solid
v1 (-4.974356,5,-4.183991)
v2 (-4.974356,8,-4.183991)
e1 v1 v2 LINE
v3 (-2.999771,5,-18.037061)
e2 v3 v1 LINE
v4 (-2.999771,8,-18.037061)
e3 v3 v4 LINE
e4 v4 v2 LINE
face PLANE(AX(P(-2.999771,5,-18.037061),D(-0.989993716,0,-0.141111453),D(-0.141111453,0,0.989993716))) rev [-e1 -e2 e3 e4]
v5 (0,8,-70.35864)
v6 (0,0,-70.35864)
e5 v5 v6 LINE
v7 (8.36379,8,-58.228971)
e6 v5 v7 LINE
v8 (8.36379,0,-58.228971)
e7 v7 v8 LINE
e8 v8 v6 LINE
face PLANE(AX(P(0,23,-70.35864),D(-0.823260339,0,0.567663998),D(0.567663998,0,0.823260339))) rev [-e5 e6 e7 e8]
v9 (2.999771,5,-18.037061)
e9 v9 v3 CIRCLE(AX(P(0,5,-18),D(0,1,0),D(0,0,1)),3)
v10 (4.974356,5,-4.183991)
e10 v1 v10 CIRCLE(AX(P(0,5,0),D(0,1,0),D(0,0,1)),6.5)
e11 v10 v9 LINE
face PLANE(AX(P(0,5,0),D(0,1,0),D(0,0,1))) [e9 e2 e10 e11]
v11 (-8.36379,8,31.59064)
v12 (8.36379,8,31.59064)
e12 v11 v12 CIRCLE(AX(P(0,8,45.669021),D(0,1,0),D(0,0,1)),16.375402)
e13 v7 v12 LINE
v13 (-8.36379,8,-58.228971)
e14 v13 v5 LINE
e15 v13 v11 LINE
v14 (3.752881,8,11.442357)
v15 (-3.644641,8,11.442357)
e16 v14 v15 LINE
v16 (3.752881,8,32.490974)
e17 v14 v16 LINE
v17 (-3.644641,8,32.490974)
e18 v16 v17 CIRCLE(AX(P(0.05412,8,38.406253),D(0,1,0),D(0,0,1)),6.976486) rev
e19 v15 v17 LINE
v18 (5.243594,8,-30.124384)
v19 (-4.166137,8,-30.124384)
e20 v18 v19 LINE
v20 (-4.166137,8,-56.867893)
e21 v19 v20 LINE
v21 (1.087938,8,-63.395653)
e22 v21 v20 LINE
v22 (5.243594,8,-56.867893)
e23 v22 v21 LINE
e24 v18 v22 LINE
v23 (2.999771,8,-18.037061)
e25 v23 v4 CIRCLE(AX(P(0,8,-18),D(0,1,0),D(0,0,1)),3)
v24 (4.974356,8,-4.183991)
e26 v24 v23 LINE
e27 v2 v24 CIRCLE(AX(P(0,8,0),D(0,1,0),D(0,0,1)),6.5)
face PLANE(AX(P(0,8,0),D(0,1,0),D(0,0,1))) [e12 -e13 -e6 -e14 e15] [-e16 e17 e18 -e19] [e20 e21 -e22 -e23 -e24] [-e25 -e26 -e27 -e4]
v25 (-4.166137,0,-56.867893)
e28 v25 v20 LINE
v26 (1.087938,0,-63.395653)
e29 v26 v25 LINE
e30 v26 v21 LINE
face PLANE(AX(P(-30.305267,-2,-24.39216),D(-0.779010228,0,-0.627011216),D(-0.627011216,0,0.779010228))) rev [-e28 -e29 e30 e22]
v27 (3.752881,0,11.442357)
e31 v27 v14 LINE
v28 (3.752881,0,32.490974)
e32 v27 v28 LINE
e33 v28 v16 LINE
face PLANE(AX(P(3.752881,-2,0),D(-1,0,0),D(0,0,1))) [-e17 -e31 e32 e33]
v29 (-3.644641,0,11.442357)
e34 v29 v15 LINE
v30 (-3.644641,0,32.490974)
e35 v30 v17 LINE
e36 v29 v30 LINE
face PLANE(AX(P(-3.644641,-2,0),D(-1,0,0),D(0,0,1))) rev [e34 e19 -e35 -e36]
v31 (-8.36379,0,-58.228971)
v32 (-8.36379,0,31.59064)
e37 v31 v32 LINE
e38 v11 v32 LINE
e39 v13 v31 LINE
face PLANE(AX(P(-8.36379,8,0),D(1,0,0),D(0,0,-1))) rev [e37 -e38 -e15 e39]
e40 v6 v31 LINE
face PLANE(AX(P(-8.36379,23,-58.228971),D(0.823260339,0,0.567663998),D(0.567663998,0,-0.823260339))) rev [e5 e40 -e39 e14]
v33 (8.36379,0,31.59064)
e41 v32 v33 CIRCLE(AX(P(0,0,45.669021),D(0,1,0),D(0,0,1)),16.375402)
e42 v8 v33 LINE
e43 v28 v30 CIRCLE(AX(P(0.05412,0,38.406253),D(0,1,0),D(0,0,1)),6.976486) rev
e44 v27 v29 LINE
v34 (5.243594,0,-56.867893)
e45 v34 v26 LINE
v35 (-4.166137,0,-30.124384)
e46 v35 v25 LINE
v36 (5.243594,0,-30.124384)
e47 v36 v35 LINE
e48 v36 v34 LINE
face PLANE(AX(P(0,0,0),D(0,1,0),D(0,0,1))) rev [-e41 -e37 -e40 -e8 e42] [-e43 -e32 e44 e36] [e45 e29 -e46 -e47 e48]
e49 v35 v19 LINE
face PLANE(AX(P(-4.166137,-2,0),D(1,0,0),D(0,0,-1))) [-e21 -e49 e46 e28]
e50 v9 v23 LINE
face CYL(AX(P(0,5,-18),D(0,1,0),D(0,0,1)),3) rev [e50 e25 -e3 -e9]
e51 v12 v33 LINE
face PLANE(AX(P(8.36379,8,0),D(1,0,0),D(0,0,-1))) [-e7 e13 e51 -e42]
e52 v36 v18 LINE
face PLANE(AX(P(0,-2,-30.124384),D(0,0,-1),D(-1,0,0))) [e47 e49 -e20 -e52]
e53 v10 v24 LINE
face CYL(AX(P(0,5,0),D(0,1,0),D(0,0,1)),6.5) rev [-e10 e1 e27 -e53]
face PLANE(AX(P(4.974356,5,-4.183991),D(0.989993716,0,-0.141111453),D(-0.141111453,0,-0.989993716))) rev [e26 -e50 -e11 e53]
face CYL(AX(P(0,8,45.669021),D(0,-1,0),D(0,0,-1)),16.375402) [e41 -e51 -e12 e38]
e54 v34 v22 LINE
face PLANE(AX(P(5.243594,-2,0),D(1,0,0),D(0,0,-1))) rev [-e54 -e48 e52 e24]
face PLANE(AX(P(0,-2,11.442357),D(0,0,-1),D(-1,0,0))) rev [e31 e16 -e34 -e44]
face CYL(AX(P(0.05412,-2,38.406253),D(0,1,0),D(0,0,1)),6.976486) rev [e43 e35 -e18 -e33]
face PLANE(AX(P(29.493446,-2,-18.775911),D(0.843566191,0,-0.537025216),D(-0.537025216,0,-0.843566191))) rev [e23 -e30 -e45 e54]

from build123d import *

# Parameters (mm, degrees)
SKETCH2_R           = 16.37540157
SKETCH2_W           = 30
SKETCH2_H           = 50
SKETCH2_W_2         = 16.72757971
SKETCH2_H_2         = 91.338041812
BOSS_EXTRUDE1_DEPTH = 8
CUT_EXTRUDE1_DEPTH  = 3
SKETCH7_W           = 21
SKETCH7_H           = 41
SKETCH7_W_2         = 7
SKETCH7_H_2         = 18
CUT_EXTRUDE2_DEPTH  = 97.732382254
SKETCH8_W           = 42.713825064
SKETCH8_H           = 72.244370788
CUT_EXTRUDE3_DEPTH  = 97.732382254
SKETCH10_W          = 16.72757971
SKETCH10_H          = 8
BOSS_EXTRUDE3_DEPTH = 43
CUT_EXTRUDE4_DEPTH  = 23
SKETCH12_W          = 9.409731529
SKETCH12_H          = 26.743509799
SKETCH12_W_2        = 7.397521328
SKETCH12_H_2        = 21.048617388
CUT_EXTRUDE5_DEPTH  = 10


with BuildPart() as part:
    # Sketch2 → Boss-Extrude1 (new body)
    with BuildSketch(Plane(origin=(0, 0, 0), x_dir=(1, 0, 0), z_dir=(0, 1, 0))):
        with Locations((0, -45.669020906)):
            Circle(SKETCH2_R)
        with Locations((0, 70)):
            Rectangle(SKETCH2_W, SKETCH2_H)
        Rectangle(SKETCH2_W_2, SKETCH2_H_2)
    extrude(amount=BOSS_EXTRUDE1_DEPTH)

    # Sketch6 → Cut-Extrude1 (cut)
    with BuildSketch(Plane(origin=(0, 8, 0), x_dir=(1, 0, 0), z_dir=(0, 1, 0))):
        with BuildLine():
            Line((-2.999771067, 18.037061373), (-4.97435622, 4.183990942))
            ThreePointArc((-4.97435622, 4.183990942), (0, -6.5), (4.97435622, 4.183990942))
            Line((4.97435622, 4.183990942), (2.999771067, 18.037061373))
            ThreePointArc((2.999771067, 18.037061373), (0, 21), (-2.999771067, 18.037061373))
        make_face()
    extrude(amount=-CUT_EXTRUDE1_DEPTH, mode=Mode.SUBTRACT)

    # Sketch7 → Cut-Extrude2 (cut, through all)
    with BuildSketch(Plane.XZ):
        with Locations((0, -70)):
            Rectangle(SKETCH7_W, SKETCH7_H)
        with Locations((0, -49.5)):
            Rectangle(SKETCH7_W_2, SKETCH7_H_2)
    extrude(amount=-CUT_EXTRUDE2_DEPTH, mode=Mode.SUBTRACT)

    # Sketch8 → Cut-Extrude3 (cut, through all)
    with BuildSketch(Plane.XZ):
        with Locations((-1.974672585, -63.480825527)):
            Rectangle(SKETCH8_W, SKETCH8_H)
    extrude(amount=-CUT_EXTRUDE3_DEPTH, mode=Mode.SUBTRACT)

    # Sketch10 → Boss-Extrude3 (add)
    with BuildSketch(Plane(origin=(0, 0, -27.358640133), x_dir=(-1, 0, 0), z_dir=(0, 0, -1))):
        with Locations((0, 4)):
            Rectangle(SKETCH10_W, SKETCH10_H)
    extrude(amount=BOSS_EXTRUDE3_DEPTH)

    # Sketch11 → Cut-Extrude4 (cut)
    with BuildSketch(Plane.XZ):
        Polygon((-8.363789855, -58.228971018), (0, -70.358640133), (8.363789855, -58.228971018), (14.634786806, -58.228971018), (14.634786806, -78.124340067), (-16.486460869, -78.124340067), (-15.81957699, -58.228971018), align=None)
    extrude(amount=-CUT_EXTRUDE4_DEPTH, mode=Mode.SUBTRACT)

    # Sketch12 → Cut-Extrude5 (cut)
    with BuildSketch(Plane(origin=(0, 8, 0), x_dir=(1, 0, 0), z_dir=(0, 1, 0))):
        with Locations((0.538728684, 43.496138516)):
            Rectangle(SKETCH12_W, SKETCH12_H)
        with Locations((0.054120037, -21.966665665)):
            Rectangle(SKETCH12_W_2, SKETCH12_H_2)
        with BuildLine():
            ThreePointArc((3.752880701, -32.490974359), (0.054120037, -45.382739126), (-3.644640627, -32.490974359))
            Line((-3.644640627, -32.490974359), (3.752880701, -32.490974359))
        make_face()
        Polygon((5.243594448, 56.867893415), (1.087937996, 63.395652597), (-4.166137081, 56.867893415), align=None)
    extrude(amount=-CUT_EXTRUDE5_DEPTH, mode=Mode.SUBTRACT)


solid = part.part
